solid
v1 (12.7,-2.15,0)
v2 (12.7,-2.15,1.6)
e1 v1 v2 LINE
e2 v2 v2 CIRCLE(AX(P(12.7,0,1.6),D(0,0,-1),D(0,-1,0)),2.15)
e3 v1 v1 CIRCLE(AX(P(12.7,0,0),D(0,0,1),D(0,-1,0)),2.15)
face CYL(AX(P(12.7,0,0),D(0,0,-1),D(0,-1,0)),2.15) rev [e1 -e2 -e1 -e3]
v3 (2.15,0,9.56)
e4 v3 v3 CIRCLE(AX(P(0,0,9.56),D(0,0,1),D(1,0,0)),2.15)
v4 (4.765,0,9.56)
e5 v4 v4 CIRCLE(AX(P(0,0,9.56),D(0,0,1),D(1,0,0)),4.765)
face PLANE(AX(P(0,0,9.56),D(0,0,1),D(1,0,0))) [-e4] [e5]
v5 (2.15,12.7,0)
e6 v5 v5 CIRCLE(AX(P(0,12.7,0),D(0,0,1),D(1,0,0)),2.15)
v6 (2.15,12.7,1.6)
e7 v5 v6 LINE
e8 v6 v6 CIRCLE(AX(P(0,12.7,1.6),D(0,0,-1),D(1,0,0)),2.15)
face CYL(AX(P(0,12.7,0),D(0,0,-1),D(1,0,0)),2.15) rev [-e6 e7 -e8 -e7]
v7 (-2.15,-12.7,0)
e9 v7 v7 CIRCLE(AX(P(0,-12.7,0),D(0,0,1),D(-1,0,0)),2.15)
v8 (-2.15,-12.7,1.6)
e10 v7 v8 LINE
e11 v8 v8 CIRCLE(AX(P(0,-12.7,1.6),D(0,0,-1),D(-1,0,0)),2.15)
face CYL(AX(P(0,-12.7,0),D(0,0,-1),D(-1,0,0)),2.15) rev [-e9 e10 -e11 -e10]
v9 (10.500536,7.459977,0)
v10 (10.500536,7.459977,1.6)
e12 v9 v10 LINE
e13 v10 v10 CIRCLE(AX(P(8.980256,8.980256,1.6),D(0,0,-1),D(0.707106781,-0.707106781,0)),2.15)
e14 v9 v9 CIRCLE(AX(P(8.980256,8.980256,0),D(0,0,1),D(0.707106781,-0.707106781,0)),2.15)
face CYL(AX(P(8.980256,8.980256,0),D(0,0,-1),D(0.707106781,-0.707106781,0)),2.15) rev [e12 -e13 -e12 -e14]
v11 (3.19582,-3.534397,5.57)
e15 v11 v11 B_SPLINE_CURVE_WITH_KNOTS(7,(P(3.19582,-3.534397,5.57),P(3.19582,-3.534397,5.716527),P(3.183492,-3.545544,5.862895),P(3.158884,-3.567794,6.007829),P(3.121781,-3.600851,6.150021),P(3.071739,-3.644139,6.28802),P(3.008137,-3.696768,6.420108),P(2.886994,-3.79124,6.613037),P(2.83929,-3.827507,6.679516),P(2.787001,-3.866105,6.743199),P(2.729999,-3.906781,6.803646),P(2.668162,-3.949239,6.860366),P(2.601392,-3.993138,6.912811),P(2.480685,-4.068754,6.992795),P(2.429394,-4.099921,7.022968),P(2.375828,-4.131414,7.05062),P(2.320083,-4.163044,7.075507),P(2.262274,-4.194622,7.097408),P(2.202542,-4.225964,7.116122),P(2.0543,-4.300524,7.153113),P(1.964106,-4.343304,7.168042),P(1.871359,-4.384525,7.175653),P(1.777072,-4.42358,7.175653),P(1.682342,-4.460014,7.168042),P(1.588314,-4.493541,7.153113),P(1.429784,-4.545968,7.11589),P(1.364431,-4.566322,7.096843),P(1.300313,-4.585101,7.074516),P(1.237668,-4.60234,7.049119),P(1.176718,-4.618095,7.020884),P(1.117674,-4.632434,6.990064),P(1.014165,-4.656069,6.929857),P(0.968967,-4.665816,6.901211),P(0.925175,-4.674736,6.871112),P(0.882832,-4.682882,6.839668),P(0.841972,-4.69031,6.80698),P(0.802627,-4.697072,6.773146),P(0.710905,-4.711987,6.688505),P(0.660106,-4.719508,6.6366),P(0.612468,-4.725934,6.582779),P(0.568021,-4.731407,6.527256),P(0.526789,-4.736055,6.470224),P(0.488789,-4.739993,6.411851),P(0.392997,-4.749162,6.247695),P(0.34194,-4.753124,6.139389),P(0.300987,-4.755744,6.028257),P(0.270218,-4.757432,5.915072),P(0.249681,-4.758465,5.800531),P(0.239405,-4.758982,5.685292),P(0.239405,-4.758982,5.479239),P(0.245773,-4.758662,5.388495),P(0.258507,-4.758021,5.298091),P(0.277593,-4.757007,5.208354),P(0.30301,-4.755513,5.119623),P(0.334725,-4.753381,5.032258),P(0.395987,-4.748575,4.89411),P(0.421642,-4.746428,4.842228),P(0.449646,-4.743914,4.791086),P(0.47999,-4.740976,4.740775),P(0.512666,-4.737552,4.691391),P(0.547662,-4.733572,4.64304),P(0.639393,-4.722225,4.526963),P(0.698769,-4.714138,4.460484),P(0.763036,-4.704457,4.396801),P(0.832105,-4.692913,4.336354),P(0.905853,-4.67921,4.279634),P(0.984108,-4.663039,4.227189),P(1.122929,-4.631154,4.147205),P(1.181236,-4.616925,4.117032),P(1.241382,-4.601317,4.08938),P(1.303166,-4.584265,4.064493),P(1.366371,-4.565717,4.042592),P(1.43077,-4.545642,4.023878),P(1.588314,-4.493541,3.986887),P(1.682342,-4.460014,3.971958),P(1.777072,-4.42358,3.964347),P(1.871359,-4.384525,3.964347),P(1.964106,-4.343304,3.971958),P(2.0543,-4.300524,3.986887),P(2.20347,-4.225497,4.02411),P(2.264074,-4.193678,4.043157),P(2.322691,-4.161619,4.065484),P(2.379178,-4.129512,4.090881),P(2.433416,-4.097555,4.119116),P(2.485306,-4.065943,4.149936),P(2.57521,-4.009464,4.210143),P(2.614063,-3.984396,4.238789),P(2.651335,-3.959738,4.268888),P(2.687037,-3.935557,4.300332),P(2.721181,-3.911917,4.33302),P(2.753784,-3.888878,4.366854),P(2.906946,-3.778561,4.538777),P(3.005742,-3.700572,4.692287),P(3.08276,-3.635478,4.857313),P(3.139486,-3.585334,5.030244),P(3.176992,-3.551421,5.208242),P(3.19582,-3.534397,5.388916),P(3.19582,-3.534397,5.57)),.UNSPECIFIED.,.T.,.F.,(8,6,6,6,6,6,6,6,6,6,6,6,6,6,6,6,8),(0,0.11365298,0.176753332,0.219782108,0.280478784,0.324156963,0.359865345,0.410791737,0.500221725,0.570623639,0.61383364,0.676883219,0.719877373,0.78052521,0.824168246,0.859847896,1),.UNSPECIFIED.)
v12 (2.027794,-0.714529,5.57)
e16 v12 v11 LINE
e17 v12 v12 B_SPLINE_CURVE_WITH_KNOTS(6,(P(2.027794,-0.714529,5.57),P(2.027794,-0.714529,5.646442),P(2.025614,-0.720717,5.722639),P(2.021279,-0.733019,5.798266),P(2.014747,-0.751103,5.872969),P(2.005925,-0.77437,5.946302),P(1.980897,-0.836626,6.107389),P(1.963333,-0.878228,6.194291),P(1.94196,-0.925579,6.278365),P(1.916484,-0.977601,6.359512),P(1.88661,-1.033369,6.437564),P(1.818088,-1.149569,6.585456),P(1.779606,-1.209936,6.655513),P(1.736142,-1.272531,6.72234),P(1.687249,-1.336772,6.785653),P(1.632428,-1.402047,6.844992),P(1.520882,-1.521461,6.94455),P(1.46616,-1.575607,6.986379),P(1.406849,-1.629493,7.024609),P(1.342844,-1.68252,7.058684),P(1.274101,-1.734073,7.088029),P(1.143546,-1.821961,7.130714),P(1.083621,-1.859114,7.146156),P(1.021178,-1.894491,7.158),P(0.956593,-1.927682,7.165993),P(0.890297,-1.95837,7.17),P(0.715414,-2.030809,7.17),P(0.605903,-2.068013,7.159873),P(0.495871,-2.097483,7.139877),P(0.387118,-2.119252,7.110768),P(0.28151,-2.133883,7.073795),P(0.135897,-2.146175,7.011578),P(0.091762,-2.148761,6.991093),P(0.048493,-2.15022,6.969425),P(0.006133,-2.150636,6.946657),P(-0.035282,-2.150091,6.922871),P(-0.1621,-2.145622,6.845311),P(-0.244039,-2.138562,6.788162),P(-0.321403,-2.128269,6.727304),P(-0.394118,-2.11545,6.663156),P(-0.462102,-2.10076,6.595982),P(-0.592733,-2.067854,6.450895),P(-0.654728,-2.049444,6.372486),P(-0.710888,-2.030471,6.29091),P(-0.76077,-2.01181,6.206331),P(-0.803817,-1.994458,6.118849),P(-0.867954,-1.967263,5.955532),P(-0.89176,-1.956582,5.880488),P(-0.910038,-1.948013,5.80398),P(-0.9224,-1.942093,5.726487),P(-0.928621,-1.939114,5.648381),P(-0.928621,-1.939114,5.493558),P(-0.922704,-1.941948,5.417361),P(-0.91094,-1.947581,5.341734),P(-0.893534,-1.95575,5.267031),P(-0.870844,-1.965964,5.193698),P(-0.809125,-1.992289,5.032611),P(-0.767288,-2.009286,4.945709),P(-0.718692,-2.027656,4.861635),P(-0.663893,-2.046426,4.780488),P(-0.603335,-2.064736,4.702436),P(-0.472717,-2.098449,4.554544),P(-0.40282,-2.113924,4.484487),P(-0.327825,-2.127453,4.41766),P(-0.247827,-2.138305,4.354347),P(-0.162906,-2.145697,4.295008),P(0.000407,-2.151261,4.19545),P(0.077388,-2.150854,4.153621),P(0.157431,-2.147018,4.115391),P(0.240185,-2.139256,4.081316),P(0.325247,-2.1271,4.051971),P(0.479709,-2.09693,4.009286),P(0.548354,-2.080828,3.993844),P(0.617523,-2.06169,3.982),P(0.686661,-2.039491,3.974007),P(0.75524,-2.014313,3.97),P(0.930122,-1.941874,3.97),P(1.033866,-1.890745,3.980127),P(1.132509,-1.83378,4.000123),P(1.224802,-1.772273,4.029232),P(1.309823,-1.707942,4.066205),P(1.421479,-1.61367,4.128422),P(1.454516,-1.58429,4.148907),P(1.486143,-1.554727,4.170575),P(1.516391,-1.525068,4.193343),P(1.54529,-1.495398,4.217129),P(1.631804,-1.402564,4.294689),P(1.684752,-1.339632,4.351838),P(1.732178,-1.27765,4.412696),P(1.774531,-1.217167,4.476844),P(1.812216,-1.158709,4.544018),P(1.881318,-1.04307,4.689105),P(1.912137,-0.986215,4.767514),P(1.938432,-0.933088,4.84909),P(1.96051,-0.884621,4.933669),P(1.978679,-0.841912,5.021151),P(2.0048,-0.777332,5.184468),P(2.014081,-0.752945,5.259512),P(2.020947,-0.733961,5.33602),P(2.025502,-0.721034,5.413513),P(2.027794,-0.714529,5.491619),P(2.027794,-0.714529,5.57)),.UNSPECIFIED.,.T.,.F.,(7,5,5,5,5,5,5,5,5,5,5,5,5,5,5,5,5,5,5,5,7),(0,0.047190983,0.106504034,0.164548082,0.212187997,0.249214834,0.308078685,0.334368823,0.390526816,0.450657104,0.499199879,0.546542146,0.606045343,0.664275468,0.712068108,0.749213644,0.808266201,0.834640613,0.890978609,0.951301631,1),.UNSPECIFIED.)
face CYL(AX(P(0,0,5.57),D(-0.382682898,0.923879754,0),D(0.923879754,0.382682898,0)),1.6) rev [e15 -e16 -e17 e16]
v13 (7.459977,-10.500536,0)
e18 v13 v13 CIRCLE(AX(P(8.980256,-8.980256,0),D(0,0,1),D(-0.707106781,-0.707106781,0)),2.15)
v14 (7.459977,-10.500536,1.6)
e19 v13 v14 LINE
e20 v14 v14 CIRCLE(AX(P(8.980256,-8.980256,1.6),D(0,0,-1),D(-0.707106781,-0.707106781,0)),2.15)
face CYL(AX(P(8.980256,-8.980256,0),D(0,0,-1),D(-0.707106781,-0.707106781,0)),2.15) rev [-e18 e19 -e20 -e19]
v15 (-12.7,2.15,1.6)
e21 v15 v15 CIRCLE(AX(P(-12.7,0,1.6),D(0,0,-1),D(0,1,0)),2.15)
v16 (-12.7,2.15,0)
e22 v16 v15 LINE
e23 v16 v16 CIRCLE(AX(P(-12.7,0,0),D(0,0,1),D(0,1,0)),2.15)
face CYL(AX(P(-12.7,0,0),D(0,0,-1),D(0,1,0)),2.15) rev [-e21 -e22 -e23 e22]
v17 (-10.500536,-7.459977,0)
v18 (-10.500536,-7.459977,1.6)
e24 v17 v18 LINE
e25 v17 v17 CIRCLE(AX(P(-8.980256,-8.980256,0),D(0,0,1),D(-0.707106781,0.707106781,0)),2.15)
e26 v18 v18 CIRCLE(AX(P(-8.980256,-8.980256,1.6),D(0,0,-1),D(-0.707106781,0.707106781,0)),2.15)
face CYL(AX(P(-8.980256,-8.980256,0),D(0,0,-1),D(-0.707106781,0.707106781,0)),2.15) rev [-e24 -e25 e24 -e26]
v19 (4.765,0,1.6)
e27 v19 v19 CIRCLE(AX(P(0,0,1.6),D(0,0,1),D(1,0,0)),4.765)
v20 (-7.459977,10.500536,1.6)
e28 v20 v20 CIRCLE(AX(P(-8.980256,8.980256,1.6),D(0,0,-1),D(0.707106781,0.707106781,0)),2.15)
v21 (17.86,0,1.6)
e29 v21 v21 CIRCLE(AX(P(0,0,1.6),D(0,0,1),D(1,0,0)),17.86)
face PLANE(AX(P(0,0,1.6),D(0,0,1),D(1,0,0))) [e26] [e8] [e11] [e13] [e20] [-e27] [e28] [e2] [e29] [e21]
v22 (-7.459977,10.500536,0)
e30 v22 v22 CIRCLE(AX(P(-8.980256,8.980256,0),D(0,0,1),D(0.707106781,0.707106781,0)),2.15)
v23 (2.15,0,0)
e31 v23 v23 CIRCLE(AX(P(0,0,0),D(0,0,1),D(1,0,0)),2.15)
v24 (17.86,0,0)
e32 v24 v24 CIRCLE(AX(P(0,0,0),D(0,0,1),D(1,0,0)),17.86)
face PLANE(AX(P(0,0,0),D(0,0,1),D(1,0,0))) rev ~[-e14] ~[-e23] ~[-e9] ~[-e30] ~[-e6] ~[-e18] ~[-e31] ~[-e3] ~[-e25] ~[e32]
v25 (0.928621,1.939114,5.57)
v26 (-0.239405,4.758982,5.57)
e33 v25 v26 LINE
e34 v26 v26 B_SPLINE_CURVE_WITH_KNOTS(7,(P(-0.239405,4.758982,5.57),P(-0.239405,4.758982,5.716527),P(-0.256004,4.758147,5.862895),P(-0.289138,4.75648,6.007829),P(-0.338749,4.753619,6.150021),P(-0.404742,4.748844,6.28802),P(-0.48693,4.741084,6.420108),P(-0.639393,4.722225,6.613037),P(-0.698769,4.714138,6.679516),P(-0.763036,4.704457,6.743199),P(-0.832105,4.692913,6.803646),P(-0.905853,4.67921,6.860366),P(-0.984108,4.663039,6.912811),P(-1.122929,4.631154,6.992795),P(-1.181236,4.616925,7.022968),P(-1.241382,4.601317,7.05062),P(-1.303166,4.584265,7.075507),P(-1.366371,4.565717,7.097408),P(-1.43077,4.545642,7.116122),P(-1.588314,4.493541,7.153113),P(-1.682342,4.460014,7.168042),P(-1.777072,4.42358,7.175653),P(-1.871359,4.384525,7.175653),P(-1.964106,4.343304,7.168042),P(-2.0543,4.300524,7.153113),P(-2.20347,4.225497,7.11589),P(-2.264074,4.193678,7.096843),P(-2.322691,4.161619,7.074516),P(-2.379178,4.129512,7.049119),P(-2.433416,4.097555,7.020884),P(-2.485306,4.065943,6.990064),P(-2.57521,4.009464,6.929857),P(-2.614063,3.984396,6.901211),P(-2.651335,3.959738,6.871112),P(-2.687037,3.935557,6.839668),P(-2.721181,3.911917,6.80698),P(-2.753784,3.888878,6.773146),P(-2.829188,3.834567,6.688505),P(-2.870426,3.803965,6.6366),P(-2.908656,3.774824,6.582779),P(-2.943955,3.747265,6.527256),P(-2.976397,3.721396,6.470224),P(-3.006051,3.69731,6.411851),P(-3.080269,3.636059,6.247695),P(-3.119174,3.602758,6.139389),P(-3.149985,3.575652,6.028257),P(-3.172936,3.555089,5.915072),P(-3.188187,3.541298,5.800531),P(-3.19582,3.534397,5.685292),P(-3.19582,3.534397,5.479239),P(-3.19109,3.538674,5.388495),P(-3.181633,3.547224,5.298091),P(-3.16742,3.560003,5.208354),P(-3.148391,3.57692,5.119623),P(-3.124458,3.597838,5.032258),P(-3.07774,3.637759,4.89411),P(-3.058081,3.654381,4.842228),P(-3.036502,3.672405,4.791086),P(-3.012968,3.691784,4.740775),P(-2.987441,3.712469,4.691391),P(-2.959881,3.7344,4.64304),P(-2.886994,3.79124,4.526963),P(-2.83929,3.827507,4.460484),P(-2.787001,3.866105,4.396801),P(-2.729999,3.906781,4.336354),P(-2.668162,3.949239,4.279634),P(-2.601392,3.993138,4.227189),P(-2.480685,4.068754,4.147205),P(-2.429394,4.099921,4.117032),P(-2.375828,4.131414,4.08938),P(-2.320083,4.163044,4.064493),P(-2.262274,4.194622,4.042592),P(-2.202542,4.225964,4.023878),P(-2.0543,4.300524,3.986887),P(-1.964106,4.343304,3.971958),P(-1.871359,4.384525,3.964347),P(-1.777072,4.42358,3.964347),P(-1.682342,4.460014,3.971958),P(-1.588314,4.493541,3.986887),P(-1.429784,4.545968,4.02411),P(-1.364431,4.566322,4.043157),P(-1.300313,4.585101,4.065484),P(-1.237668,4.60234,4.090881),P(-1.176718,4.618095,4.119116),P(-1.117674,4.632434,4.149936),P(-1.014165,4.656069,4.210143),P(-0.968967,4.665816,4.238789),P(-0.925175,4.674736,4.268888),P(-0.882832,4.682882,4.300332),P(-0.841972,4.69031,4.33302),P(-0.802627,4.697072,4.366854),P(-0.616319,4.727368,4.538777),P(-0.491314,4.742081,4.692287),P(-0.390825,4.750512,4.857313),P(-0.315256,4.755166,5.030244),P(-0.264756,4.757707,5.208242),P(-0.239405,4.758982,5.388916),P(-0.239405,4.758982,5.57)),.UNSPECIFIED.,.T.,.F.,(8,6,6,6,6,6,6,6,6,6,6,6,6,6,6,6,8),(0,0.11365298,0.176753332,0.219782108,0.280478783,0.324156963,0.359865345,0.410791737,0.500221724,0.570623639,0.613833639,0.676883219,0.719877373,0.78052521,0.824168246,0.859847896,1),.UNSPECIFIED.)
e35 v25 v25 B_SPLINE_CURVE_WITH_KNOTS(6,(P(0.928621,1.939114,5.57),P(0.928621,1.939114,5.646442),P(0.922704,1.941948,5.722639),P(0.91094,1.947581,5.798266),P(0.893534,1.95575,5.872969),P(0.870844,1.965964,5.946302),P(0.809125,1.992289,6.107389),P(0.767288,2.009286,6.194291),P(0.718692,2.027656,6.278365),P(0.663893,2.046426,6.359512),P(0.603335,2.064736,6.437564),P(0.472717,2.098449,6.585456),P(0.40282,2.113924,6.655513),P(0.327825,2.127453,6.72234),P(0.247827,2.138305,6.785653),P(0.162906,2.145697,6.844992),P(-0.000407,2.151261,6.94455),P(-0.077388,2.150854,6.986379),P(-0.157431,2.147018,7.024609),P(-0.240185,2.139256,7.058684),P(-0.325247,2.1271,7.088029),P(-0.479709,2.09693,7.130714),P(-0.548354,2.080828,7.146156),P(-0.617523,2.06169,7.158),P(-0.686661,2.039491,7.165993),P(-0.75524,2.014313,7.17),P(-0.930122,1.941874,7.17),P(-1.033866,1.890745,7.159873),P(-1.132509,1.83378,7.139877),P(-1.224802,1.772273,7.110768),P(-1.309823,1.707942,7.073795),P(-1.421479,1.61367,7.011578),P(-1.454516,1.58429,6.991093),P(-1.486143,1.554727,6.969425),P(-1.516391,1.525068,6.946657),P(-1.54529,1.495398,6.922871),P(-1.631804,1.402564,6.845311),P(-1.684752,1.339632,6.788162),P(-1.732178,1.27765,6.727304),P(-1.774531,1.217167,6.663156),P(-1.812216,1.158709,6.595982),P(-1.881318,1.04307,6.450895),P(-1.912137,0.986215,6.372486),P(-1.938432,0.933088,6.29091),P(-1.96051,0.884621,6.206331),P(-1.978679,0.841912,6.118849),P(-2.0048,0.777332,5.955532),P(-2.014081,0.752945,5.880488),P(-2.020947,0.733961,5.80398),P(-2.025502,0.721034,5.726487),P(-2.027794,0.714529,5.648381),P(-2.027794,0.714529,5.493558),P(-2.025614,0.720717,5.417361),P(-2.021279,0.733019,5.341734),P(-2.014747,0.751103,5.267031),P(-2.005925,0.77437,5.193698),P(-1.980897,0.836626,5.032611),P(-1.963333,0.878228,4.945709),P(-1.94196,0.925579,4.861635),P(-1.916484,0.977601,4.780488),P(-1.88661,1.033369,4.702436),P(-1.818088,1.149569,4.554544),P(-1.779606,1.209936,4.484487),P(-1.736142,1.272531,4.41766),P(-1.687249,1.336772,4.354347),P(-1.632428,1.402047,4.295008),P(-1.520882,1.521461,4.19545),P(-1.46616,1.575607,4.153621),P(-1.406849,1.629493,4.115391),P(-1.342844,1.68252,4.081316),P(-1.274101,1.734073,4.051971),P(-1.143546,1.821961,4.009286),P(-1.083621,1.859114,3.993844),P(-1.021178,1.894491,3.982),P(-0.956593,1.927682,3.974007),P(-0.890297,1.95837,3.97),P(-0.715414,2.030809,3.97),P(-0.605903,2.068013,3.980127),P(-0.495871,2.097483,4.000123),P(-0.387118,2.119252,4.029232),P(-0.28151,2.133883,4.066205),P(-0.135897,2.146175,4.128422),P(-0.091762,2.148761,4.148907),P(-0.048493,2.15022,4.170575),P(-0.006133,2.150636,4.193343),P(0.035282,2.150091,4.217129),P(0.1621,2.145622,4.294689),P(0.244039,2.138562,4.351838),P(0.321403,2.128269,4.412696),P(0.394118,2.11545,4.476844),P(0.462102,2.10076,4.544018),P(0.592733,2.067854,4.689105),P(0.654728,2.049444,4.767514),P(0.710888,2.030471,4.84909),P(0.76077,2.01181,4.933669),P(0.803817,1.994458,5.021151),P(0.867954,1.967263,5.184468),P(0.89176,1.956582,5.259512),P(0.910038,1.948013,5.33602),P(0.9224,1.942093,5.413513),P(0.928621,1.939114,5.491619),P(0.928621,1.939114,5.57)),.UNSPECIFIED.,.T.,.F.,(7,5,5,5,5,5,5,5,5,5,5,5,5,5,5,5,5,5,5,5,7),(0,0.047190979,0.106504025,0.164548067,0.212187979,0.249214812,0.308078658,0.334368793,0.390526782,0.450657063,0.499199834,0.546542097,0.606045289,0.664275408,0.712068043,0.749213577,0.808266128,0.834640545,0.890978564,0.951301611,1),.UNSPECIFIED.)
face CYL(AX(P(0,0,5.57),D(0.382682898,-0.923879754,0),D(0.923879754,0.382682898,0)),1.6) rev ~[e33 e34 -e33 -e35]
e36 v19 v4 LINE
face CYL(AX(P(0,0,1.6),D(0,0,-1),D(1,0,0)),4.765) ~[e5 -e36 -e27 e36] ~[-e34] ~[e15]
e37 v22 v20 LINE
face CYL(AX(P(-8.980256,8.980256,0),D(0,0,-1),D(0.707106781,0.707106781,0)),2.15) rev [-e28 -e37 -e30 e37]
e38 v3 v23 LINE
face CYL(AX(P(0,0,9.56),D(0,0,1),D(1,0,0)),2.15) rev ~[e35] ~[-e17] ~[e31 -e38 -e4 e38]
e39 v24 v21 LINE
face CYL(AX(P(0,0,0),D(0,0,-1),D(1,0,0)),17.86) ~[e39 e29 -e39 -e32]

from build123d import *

# Parameters (mm, degrees)
SKETCH_R             = 17.86
PAD_DEPTH            = 1.6
SKETCH001_R          = 4.765
PAD001_DEPTH         = 7.96
SKETCH002_R          = 2.15
POCKET_DEPTH         = 9.561
SKETCH003_R          = 1.6
POCKET001_DEPTH      = 5
POCKET001_DEPTH_BACK = -5
SKETCH004_R          = 2.15
POCKET002_DEPTH      = 112.385713
POLARPATTERN_COUNT   = 8


with BuildPart() as part:
    # Sketch → Pad (new body)
    with BuildSketch(Plane.XY):
        Circle(SKETCH_R)
    extrude(amount=PAD_DEPTH)

    # Sketch001 (on Face3 of Pad) → Pad001 (join)
    with BuildSketch(Plane.XY.offset(1.6)):
        Circle(SKETCH001_R)
    extrude(amount=PAD001_DEPTH)

    # Sketch002 (on Face5 of Pad001) → Pocket (cut, through all)
    with BuildSketch(Plane.XY.offset(9.56)):
        Circle(SKETCH002_R)
    extrude(amount=-POCKET_DEPTH, mode=Mode.SUBTRACT)

    # Sketch003 (on DatumPlane) → Pocket001 (cut, two sides)
    with BuildSketch(Plane(origin=(0, 0, 0), x_dir=(0.92388, 0.382683, 0), z_dir=(0.382683, -0.92388, 0))) as pocket001_sk:
        with Locations((0, 5.57)):
            Circle(SKETCH003_R)
    extrude(amount=-POCKET001_DEPTH, mode=Mode.SUBTRACT)
    extrude(pocket001_sk.sketch, amount=-POCKET001_DEPTH_BACK, mode=Mode.SUBTRACT)

    # Sketch004 → Pocket002 (cut, through all)
    with BuildSketch(Plane.XY):
        with Locations((0, 12.7)):
            Circle(SKETCH004_R)
    pocket002 = extrude(amount=POCKET002_DEPTH, mode=Mode.SUBTRACT)

    # PolarPattern: Pocket002 ×8 about axis
    polarpattern_axis = Axis((0, 0, 0), (0, 0, 1))
    for i in range(1, POLARPATTERN_COUNT):
        add(pocket002.rotate(polarpattern_axis, i * 360 / POLARPATTERN_COUNT), mode=Mode.SUBTRACT)


solid = part.part
